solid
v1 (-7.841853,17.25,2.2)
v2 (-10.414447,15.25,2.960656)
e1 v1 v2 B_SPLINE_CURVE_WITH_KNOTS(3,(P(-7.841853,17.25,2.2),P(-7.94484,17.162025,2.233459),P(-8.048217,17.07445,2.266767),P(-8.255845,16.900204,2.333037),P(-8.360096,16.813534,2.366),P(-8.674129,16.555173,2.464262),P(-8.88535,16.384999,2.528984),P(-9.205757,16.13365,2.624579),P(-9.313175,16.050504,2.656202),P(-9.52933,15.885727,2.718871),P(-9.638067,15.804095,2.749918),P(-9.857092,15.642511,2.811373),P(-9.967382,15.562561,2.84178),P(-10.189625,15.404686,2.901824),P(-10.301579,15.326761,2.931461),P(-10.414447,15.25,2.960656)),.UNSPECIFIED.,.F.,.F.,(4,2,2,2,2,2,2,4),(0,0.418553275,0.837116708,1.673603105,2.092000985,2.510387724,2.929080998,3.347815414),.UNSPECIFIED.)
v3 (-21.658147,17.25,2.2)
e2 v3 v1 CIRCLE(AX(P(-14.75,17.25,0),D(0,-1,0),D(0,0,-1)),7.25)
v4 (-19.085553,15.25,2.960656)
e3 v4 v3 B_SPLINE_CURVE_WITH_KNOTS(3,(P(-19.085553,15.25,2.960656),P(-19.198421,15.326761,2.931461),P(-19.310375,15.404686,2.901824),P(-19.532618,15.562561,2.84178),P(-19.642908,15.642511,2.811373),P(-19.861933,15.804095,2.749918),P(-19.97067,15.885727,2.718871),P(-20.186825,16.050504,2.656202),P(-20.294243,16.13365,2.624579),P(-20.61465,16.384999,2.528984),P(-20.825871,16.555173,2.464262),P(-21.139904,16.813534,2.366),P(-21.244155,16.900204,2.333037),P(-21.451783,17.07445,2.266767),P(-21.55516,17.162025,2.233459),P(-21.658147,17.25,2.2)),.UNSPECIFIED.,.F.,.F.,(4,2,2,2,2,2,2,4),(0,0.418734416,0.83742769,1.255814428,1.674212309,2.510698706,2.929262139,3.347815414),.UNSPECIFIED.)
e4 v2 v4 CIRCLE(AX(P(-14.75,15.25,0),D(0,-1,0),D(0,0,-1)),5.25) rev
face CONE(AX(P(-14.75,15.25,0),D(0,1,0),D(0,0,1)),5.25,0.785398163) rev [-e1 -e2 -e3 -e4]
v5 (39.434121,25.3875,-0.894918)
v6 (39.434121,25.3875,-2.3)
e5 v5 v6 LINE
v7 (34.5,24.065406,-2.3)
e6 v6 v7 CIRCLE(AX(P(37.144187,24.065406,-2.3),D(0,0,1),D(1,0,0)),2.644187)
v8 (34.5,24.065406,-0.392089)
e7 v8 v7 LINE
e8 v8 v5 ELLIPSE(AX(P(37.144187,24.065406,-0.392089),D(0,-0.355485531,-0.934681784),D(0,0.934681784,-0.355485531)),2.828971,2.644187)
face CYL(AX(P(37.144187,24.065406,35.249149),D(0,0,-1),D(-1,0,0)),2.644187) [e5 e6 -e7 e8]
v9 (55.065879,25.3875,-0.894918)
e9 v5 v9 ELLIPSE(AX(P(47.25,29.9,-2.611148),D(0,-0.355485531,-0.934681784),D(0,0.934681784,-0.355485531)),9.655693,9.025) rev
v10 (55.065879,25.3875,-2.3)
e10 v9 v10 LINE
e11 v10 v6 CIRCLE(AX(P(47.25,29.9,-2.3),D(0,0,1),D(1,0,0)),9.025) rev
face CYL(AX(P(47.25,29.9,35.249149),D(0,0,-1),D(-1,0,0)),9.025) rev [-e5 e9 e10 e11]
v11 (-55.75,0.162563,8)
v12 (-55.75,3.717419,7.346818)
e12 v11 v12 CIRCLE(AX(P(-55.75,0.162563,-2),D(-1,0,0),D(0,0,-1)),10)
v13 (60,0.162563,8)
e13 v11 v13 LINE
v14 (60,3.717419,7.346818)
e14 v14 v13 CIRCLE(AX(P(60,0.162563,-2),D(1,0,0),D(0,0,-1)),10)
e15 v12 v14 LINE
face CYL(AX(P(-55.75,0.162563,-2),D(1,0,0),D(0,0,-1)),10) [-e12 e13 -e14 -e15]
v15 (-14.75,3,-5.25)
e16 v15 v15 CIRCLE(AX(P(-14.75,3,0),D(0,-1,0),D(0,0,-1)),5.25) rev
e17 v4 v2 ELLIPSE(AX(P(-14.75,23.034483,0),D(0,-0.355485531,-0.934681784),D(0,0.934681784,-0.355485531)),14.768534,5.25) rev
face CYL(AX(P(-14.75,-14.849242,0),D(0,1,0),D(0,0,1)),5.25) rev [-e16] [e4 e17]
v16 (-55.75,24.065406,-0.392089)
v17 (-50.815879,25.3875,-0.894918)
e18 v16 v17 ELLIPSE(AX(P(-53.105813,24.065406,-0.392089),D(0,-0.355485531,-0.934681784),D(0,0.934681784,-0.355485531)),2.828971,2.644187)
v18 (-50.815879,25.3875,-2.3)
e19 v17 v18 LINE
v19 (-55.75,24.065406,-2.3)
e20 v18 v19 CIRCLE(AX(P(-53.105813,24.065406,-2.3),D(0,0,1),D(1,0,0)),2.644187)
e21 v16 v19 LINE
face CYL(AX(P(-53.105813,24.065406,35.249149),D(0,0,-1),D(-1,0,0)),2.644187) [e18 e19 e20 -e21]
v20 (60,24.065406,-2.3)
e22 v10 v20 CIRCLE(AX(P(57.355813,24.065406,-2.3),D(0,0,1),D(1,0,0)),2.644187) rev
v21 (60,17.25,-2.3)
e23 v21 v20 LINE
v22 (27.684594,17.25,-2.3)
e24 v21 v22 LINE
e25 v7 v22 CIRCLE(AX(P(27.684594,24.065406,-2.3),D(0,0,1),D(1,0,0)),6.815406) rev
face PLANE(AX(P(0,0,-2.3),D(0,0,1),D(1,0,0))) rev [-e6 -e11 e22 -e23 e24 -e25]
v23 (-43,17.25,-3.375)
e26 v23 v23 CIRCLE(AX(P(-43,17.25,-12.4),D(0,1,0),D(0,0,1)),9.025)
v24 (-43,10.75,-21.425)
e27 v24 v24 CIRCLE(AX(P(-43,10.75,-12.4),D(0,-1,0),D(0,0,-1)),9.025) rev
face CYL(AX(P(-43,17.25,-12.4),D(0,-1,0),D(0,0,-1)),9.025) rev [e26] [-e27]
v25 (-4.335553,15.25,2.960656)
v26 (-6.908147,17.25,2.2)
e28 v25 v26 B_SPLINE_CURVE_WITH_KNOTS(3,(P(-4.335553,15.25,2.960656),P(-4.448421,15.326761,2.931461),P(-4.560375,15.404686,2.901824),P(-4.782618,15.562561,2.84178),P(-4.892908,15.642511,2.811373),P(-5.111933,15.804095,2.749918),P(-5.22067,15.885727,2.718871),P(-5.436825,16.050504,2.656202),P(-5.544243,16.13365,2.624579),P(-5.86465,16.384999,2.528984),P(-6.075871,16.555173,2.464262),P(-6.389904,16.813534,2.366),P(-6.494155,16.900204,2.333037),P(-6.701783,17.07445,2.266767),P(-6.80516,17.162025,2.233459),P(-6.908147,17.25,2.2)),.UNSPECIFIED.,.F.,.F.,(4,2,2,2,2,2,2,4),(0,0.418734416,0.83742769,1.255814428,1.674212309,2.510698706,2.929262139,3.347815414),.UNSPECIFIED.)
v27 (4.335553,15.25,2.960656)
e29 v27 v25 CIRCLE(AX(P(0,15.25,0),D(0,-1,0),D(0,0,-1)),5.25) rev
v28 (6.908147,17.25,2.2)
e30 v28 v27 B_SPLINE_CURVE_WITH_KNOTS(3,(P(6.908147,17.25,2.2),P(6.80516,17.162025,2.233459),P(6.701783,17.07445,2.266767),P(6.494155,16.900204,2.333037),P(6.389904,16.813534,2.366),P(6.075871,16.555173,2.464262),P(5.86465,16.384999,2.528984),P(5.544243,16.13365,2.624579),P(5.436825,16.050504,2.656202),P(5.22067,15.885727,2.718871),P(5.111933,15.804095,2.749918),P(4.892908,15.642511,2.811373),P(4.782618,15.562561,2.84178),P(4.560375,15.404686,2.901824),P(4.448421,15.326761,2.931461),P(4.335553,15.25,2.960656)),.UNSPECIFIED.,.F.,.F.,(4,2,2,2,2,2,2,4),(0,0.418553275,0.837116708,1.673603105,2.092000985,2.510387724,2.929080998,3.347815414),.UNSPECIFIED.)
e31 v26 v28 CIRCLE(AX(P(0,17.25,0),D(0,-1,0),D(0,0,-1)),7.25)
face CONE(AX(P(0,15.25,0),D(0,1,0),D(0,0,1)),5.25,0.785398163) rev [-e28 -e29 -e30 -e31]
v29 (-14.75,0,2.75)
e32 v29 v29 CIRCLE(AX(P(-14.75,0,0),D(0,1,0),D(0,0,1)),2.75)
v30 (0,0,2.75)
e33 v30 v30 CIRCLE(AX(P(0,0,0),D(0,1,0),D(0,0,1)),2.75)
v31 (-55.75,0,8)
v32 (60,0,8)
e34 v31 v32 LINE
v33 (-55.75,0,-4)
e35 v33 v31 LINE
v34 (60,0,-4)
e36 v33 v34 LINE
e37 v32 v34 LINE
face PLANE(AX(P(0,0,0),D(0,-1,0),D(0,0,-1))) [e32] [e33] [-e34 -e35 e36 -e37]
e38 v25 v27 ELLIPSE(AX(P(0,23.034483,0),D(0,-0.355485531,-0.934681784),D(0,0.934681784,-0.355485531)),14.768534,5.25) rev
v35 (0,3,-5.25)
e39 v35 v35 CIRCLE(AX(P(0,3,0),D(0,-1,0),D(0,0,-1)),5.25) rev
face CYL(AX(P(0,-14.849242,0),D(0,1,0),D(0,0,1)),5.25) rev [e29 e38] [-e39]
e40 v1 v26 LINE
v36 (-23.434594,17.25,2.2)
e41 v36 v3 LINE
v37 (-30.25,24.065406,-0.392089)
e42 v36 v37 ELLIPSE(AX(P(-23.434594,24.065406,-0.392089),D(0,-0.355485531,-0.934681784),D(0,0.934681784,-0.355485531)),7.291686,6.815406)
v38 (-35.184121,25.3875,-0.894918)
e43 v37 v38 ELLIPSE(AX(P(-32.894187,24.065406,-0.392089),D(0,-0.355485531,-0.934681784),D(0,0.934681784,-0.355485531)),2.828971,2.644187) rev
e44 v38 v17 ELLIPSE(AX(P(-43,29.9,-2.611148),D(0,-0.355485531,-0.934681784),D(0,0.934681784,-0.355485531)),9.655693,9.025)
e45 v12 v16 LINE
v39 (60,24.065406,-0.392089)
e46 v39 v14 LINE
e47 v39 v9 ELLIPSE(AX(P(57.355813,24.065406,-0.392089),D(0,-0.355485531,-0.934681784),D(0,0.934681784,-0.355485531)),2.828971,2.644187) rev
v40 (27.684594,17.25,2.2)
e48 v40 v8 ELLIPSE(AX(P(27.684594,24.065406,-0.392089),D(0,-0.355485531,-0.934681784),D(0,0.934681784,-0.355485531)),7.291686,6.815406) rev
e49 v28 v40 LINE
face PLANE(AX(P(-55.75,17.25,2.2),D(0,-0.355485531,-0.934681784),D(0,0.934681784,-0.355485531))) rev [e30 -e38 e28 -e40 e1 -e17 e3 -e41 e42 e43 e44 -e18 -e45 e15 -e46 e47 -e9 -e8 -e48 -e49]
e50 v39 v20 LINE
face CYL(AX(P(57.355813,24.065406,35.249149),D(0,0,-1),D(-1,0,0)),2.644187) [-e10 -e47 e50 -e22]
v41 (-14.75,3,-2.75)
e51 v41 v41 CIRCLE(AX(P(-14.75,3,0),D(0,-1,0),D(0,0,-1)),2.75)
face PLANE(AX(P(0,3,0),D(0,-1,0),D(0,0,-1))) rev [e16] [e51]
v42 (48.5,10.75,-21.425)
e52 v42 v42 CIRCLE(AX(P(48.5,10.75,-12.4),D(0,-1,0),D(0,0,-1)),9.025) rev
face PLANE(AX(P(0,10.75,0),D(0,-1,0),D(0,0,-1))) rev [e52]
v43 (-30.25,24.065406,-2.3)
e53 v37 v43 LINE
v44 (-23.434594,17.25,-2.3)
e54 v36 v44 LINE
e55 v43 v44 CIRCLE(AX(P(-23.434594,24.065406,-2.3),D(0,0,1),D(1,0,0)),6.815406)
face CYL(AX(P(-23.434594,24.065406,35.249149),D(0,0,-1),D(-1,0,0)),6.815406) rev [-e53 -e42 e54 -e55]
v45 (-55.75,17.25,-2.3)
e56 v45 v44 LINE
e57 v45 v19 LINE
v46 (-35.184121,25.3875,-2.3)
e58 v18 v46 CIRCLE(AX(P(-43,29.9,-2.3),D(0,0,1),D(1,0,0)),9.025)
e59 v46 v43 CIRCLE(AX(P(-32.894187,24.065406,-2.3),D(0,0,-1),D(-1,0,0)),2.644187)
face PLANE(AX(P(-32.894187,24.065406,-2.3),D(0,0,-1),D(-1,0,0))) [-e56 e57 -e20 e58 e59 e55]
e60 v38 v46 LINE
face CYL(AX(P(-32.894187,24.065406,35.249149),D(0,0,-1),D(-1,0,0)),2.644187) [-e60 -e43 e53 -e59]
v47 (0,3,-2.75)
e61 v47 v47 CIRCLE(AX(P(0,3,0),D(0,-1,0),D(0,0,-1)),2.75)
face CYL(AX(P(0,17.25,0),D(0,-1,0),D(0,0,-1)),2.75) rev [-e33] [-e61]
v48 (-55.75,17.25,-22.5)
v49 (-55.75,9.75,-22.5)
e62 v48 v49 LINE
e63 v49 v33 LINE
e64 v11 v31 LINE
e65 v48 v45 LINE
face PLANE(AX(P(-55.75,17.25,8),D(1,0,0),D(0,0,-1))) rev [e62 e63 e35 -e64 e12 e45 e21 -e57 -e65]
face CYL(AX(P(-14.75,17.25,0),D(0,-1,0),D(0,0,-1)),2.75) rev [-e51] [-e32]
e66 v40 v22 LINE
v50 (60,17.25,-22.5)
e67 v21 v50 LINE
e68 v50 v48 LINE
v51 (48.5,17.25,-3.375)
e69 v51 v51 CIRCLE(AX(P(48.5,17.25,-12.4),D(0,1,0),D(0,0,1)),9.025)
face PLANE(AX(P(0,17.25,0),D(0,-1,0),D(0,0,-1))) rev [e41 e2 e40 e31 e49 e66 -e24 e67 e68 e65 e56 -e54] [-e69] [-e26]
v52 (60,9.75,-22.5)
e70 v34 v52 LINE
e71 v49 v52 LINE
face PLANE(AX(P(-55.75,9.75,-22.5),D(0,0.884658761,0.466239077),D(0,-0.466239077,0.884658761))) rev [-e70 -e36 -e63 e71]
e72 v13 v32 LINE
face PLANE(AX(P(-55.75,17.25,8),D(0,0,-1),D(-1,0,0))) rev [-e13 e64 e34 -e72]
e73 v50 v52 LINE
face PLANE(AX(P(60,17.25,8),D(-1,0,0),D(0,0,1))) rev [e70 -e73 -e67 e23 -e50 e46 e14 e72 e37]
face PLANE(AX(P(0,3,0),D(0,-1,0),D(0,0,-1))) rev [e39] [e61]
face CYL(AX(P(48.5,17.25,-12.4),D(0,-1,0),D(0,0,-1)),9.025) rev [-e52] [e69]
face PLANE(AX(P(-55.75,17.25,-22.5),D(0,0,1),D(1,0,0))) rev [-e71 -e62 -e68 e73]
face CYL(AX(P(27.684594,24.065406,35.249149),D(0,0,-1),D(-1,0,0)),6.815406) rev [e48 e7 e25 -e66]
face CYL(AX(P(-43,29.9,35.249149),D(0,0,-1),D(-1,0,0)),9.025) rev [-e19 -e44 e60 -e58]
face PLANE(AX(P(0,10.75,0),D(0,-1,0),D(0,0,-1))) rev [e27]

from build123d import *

# Parameters (mm, degrees)
SKETCH1_W               = 115.75
SKETCH1_H               = 30.5
SKETCH1_R               = 2.75
SKETCH1_R_2             = 9.025
BOSS_EXTRUDE1_DEPTH     = 17.25
SKETCH3_R               = 9.025
BOSS_EXTRUDE2_DEPTH     = 10.75
SKETCH4_R               = 5.25
CUT_EXTRUDE1_DEPTH      = 14.25
CUT_EXTRUDE2_DEPTH      = 120.171619944
CUT_EXTRUDE2_DEPTH_BACK = 120.171619944
BOSS_EXTRUDE4_REACH     = 67.617
CHAMFER1_SIZE           = 2


with BuildPart() as part:
    # Sketch1 → Boss-Extrude1 (new body)
    with BuildSketch(Plane(origin=(0, 0, 0), x_dir=(1, 0, 0), z_dir=(0, 1, 0))):
        with Locations((2.125, 7.25)):
            Rectangle(SKETCH1_W, SKETCH1_H)
        with Locations(Location((0, 0, 0), (0, 0, 270))):
            Circle(SKETCH1_R, mode=Mode.SUBTRACT)
        with Locations(Location((-14.75, 0, 0), (0, 0, 270))):
            Circle(SKETCH1_R, mode=Mode.SUBTRACT)
        with Locations(Location((48.5, 12.4, 0), (0, 0, 270))):
            Circle(SKETCH1_R_2, mode=Mode.SUBTRACT)
        with Locations(Location((-43, 12.4, 0), (0, 0, 270))):
            Circle(SKETCH1_R_2, mode=Mode.SUBTRACT)
    extrude(amount=BOSS_EXTRUDE1_DEPTH)

    # Sketch3 → Boss-Extrude2 (add)
    with BuildSketch(Plane.XZ):
        with Locations(Location((48.5, -12.4, 0), (0, 0, 270))):
            Circle(SKETCH3_R)
        with Locations(Location((-43, -12.4, 0), (0, 0, 270))):
            Circle(SKETCH3_R)
    extrude(amount=-BOSS_EXTRUDE2_DEPTH)

    # Sketch4 → Cut-Extrude1 (cut)
    with BuildSketch(Plane(origin=(0, 17.25, 0), x_dir=(1, 0, 0), z_dir=(0, 1, 0))):
        with Locations(Location((-14.75, 0, 0), (0, 0, 270))):
            Circle(SKETCH4_R)
        with Locations(Location((0, 0, 0), (0, 0, 270))):
            Circle(SKETCH4_R)
    extrude(amount=-CUT_EXTRUDE1_DEPTH, mode=Mode.SUBTRACT)

    # Sketch8 → Cut-Extrude2 (cut, two sides: drawn at the far end of the back side and taken through both)
    with BuildSketch(Plane(origin=(60, 0, 0), x_dir=(0, 0, -1), z_dir=(1, 0, 0)).offset(-CUT_EXTRUDE2_DEPTH_BACK)):
        with BuildLine():
            Line((-2.2, 17.25), (-7.34681784, 3.717418611))
            ThreePointArc((-7.34681784, 3.717418611), (-7.835348962, 1.969746414), (-8, 0.162563302))
            Line((-8, 0.162563302), (-8, 17.25))
            Line((-8, 17.25), (-2.2, 17.25))
        make_face()
        Polygon((22.5, 9.75), (4, 0), (22.5, 0), align=None)
    extrude(amount=CUT_EXTRUDE2_DEPTH + CUT_EXTRUDE2_DEPTH_BACK, mode=Mode.SUBTRACT)

    # Boss-Extrude4: up to this plane
    boss_extrude4_end = Plane(origin=(-55.75, 17.25, 2.2), z_dir=(0, -0.35548553095217983, -0.9346817839690934))
    # Sketch7 → Boss-Extrude4 (add, up to the surface)
    with BuildSketch(Plane.XY.offset(-2.3), mode=Mode.PRIVATE) as boss_extrude4_sk1:
        with BuildLine():
            ThreePointArc((39.434120731, 25.3875), (36.45982129, 26.619495167), (34.5, 24.065406335))
            ThreePointArc((34.5, 24.065406335), (32.503813701, 19.246186299), (27.684593665, 17.25))
            Line((27.684593665, 17.25), (60, 17.25))
            Line((60, 17.25), (60, 24.065406335))
            ThreePointArc((60, 24.065406335), (58.04017871, 26.619495167), (55.065879269, 25.3875))
            ThreePointArc((55.065879269, 25.3875), (47.25, 20.875), (39.434120731, 25.3875))
        make_face()
    boss_extrude4_tool1 = split(extrude(boss_extrude4_sk1.sketch, amount=BOSS_EXTRUDE4_REACH, mode=Mode.PRIVATE), bisect_by=boss_extrude4_end, keep=Keep.BOTH, mode=Mode.PRIVATE)
    add(boss_extrude4_tool1.solids().sort_by_distance((46.440425, 20.76167, -2.3))[0])
    # Sketch7 → Boss-Extrude4 (add, up to the surface)
    with BuildSketch(Plane.XY.offset(-2.3), mode=Mode.PRIVATE) as boss_extrude4_sk2:
        with BuildLine():
            ThreePointArc((-30.25, 24.065406335), (-28.253813701, 19.246186299), (-23.434593665, 17.25))
            Line((-23.434593665, 17.25), (-55.75, 17.25))
            Line((-55.75, 17.25), (-55.75, 24.065406335))
            ThreePointArc((-55.75, 24.065406335), (-53.79017871, 26.619495167), (-50.815879269, 25.3875))
            ThreePointArc((-50.815879269, 25.3875), (-43, 20.875), (-35.184120731, 25.3875))
            ThreePointArc((-35.184120731, 25.3875), (-32.20982129, 26.619495167), (-30.25, 24.065406335))
        make_face()
    boss_extrude4_tool2 = split(extrude(boss_extrude4_sk2.sketch, amount=BOSS_EXTRUDE4_REACH, mode=Mode.PRIVATE), bisect_by=boss_extrude4_end, keep=Keep.BOTH, mode=Mode.PRIVATE)
    add(boss_extrude4_tool2.solids().sort_by_distance((-42.190425, 20.76167, -2.3))[0])

    # Chamfer1
    chamfer1_edges = [part.edges().sort_by_distance(p)[0] for p in [
        (0, 17.25, -5.25),
        (-14.75, 17.25, -5.25),
    ]]
    chamfer(chamfer1_edges, length=CHAMFER1_SIZE)


solid = part.part
